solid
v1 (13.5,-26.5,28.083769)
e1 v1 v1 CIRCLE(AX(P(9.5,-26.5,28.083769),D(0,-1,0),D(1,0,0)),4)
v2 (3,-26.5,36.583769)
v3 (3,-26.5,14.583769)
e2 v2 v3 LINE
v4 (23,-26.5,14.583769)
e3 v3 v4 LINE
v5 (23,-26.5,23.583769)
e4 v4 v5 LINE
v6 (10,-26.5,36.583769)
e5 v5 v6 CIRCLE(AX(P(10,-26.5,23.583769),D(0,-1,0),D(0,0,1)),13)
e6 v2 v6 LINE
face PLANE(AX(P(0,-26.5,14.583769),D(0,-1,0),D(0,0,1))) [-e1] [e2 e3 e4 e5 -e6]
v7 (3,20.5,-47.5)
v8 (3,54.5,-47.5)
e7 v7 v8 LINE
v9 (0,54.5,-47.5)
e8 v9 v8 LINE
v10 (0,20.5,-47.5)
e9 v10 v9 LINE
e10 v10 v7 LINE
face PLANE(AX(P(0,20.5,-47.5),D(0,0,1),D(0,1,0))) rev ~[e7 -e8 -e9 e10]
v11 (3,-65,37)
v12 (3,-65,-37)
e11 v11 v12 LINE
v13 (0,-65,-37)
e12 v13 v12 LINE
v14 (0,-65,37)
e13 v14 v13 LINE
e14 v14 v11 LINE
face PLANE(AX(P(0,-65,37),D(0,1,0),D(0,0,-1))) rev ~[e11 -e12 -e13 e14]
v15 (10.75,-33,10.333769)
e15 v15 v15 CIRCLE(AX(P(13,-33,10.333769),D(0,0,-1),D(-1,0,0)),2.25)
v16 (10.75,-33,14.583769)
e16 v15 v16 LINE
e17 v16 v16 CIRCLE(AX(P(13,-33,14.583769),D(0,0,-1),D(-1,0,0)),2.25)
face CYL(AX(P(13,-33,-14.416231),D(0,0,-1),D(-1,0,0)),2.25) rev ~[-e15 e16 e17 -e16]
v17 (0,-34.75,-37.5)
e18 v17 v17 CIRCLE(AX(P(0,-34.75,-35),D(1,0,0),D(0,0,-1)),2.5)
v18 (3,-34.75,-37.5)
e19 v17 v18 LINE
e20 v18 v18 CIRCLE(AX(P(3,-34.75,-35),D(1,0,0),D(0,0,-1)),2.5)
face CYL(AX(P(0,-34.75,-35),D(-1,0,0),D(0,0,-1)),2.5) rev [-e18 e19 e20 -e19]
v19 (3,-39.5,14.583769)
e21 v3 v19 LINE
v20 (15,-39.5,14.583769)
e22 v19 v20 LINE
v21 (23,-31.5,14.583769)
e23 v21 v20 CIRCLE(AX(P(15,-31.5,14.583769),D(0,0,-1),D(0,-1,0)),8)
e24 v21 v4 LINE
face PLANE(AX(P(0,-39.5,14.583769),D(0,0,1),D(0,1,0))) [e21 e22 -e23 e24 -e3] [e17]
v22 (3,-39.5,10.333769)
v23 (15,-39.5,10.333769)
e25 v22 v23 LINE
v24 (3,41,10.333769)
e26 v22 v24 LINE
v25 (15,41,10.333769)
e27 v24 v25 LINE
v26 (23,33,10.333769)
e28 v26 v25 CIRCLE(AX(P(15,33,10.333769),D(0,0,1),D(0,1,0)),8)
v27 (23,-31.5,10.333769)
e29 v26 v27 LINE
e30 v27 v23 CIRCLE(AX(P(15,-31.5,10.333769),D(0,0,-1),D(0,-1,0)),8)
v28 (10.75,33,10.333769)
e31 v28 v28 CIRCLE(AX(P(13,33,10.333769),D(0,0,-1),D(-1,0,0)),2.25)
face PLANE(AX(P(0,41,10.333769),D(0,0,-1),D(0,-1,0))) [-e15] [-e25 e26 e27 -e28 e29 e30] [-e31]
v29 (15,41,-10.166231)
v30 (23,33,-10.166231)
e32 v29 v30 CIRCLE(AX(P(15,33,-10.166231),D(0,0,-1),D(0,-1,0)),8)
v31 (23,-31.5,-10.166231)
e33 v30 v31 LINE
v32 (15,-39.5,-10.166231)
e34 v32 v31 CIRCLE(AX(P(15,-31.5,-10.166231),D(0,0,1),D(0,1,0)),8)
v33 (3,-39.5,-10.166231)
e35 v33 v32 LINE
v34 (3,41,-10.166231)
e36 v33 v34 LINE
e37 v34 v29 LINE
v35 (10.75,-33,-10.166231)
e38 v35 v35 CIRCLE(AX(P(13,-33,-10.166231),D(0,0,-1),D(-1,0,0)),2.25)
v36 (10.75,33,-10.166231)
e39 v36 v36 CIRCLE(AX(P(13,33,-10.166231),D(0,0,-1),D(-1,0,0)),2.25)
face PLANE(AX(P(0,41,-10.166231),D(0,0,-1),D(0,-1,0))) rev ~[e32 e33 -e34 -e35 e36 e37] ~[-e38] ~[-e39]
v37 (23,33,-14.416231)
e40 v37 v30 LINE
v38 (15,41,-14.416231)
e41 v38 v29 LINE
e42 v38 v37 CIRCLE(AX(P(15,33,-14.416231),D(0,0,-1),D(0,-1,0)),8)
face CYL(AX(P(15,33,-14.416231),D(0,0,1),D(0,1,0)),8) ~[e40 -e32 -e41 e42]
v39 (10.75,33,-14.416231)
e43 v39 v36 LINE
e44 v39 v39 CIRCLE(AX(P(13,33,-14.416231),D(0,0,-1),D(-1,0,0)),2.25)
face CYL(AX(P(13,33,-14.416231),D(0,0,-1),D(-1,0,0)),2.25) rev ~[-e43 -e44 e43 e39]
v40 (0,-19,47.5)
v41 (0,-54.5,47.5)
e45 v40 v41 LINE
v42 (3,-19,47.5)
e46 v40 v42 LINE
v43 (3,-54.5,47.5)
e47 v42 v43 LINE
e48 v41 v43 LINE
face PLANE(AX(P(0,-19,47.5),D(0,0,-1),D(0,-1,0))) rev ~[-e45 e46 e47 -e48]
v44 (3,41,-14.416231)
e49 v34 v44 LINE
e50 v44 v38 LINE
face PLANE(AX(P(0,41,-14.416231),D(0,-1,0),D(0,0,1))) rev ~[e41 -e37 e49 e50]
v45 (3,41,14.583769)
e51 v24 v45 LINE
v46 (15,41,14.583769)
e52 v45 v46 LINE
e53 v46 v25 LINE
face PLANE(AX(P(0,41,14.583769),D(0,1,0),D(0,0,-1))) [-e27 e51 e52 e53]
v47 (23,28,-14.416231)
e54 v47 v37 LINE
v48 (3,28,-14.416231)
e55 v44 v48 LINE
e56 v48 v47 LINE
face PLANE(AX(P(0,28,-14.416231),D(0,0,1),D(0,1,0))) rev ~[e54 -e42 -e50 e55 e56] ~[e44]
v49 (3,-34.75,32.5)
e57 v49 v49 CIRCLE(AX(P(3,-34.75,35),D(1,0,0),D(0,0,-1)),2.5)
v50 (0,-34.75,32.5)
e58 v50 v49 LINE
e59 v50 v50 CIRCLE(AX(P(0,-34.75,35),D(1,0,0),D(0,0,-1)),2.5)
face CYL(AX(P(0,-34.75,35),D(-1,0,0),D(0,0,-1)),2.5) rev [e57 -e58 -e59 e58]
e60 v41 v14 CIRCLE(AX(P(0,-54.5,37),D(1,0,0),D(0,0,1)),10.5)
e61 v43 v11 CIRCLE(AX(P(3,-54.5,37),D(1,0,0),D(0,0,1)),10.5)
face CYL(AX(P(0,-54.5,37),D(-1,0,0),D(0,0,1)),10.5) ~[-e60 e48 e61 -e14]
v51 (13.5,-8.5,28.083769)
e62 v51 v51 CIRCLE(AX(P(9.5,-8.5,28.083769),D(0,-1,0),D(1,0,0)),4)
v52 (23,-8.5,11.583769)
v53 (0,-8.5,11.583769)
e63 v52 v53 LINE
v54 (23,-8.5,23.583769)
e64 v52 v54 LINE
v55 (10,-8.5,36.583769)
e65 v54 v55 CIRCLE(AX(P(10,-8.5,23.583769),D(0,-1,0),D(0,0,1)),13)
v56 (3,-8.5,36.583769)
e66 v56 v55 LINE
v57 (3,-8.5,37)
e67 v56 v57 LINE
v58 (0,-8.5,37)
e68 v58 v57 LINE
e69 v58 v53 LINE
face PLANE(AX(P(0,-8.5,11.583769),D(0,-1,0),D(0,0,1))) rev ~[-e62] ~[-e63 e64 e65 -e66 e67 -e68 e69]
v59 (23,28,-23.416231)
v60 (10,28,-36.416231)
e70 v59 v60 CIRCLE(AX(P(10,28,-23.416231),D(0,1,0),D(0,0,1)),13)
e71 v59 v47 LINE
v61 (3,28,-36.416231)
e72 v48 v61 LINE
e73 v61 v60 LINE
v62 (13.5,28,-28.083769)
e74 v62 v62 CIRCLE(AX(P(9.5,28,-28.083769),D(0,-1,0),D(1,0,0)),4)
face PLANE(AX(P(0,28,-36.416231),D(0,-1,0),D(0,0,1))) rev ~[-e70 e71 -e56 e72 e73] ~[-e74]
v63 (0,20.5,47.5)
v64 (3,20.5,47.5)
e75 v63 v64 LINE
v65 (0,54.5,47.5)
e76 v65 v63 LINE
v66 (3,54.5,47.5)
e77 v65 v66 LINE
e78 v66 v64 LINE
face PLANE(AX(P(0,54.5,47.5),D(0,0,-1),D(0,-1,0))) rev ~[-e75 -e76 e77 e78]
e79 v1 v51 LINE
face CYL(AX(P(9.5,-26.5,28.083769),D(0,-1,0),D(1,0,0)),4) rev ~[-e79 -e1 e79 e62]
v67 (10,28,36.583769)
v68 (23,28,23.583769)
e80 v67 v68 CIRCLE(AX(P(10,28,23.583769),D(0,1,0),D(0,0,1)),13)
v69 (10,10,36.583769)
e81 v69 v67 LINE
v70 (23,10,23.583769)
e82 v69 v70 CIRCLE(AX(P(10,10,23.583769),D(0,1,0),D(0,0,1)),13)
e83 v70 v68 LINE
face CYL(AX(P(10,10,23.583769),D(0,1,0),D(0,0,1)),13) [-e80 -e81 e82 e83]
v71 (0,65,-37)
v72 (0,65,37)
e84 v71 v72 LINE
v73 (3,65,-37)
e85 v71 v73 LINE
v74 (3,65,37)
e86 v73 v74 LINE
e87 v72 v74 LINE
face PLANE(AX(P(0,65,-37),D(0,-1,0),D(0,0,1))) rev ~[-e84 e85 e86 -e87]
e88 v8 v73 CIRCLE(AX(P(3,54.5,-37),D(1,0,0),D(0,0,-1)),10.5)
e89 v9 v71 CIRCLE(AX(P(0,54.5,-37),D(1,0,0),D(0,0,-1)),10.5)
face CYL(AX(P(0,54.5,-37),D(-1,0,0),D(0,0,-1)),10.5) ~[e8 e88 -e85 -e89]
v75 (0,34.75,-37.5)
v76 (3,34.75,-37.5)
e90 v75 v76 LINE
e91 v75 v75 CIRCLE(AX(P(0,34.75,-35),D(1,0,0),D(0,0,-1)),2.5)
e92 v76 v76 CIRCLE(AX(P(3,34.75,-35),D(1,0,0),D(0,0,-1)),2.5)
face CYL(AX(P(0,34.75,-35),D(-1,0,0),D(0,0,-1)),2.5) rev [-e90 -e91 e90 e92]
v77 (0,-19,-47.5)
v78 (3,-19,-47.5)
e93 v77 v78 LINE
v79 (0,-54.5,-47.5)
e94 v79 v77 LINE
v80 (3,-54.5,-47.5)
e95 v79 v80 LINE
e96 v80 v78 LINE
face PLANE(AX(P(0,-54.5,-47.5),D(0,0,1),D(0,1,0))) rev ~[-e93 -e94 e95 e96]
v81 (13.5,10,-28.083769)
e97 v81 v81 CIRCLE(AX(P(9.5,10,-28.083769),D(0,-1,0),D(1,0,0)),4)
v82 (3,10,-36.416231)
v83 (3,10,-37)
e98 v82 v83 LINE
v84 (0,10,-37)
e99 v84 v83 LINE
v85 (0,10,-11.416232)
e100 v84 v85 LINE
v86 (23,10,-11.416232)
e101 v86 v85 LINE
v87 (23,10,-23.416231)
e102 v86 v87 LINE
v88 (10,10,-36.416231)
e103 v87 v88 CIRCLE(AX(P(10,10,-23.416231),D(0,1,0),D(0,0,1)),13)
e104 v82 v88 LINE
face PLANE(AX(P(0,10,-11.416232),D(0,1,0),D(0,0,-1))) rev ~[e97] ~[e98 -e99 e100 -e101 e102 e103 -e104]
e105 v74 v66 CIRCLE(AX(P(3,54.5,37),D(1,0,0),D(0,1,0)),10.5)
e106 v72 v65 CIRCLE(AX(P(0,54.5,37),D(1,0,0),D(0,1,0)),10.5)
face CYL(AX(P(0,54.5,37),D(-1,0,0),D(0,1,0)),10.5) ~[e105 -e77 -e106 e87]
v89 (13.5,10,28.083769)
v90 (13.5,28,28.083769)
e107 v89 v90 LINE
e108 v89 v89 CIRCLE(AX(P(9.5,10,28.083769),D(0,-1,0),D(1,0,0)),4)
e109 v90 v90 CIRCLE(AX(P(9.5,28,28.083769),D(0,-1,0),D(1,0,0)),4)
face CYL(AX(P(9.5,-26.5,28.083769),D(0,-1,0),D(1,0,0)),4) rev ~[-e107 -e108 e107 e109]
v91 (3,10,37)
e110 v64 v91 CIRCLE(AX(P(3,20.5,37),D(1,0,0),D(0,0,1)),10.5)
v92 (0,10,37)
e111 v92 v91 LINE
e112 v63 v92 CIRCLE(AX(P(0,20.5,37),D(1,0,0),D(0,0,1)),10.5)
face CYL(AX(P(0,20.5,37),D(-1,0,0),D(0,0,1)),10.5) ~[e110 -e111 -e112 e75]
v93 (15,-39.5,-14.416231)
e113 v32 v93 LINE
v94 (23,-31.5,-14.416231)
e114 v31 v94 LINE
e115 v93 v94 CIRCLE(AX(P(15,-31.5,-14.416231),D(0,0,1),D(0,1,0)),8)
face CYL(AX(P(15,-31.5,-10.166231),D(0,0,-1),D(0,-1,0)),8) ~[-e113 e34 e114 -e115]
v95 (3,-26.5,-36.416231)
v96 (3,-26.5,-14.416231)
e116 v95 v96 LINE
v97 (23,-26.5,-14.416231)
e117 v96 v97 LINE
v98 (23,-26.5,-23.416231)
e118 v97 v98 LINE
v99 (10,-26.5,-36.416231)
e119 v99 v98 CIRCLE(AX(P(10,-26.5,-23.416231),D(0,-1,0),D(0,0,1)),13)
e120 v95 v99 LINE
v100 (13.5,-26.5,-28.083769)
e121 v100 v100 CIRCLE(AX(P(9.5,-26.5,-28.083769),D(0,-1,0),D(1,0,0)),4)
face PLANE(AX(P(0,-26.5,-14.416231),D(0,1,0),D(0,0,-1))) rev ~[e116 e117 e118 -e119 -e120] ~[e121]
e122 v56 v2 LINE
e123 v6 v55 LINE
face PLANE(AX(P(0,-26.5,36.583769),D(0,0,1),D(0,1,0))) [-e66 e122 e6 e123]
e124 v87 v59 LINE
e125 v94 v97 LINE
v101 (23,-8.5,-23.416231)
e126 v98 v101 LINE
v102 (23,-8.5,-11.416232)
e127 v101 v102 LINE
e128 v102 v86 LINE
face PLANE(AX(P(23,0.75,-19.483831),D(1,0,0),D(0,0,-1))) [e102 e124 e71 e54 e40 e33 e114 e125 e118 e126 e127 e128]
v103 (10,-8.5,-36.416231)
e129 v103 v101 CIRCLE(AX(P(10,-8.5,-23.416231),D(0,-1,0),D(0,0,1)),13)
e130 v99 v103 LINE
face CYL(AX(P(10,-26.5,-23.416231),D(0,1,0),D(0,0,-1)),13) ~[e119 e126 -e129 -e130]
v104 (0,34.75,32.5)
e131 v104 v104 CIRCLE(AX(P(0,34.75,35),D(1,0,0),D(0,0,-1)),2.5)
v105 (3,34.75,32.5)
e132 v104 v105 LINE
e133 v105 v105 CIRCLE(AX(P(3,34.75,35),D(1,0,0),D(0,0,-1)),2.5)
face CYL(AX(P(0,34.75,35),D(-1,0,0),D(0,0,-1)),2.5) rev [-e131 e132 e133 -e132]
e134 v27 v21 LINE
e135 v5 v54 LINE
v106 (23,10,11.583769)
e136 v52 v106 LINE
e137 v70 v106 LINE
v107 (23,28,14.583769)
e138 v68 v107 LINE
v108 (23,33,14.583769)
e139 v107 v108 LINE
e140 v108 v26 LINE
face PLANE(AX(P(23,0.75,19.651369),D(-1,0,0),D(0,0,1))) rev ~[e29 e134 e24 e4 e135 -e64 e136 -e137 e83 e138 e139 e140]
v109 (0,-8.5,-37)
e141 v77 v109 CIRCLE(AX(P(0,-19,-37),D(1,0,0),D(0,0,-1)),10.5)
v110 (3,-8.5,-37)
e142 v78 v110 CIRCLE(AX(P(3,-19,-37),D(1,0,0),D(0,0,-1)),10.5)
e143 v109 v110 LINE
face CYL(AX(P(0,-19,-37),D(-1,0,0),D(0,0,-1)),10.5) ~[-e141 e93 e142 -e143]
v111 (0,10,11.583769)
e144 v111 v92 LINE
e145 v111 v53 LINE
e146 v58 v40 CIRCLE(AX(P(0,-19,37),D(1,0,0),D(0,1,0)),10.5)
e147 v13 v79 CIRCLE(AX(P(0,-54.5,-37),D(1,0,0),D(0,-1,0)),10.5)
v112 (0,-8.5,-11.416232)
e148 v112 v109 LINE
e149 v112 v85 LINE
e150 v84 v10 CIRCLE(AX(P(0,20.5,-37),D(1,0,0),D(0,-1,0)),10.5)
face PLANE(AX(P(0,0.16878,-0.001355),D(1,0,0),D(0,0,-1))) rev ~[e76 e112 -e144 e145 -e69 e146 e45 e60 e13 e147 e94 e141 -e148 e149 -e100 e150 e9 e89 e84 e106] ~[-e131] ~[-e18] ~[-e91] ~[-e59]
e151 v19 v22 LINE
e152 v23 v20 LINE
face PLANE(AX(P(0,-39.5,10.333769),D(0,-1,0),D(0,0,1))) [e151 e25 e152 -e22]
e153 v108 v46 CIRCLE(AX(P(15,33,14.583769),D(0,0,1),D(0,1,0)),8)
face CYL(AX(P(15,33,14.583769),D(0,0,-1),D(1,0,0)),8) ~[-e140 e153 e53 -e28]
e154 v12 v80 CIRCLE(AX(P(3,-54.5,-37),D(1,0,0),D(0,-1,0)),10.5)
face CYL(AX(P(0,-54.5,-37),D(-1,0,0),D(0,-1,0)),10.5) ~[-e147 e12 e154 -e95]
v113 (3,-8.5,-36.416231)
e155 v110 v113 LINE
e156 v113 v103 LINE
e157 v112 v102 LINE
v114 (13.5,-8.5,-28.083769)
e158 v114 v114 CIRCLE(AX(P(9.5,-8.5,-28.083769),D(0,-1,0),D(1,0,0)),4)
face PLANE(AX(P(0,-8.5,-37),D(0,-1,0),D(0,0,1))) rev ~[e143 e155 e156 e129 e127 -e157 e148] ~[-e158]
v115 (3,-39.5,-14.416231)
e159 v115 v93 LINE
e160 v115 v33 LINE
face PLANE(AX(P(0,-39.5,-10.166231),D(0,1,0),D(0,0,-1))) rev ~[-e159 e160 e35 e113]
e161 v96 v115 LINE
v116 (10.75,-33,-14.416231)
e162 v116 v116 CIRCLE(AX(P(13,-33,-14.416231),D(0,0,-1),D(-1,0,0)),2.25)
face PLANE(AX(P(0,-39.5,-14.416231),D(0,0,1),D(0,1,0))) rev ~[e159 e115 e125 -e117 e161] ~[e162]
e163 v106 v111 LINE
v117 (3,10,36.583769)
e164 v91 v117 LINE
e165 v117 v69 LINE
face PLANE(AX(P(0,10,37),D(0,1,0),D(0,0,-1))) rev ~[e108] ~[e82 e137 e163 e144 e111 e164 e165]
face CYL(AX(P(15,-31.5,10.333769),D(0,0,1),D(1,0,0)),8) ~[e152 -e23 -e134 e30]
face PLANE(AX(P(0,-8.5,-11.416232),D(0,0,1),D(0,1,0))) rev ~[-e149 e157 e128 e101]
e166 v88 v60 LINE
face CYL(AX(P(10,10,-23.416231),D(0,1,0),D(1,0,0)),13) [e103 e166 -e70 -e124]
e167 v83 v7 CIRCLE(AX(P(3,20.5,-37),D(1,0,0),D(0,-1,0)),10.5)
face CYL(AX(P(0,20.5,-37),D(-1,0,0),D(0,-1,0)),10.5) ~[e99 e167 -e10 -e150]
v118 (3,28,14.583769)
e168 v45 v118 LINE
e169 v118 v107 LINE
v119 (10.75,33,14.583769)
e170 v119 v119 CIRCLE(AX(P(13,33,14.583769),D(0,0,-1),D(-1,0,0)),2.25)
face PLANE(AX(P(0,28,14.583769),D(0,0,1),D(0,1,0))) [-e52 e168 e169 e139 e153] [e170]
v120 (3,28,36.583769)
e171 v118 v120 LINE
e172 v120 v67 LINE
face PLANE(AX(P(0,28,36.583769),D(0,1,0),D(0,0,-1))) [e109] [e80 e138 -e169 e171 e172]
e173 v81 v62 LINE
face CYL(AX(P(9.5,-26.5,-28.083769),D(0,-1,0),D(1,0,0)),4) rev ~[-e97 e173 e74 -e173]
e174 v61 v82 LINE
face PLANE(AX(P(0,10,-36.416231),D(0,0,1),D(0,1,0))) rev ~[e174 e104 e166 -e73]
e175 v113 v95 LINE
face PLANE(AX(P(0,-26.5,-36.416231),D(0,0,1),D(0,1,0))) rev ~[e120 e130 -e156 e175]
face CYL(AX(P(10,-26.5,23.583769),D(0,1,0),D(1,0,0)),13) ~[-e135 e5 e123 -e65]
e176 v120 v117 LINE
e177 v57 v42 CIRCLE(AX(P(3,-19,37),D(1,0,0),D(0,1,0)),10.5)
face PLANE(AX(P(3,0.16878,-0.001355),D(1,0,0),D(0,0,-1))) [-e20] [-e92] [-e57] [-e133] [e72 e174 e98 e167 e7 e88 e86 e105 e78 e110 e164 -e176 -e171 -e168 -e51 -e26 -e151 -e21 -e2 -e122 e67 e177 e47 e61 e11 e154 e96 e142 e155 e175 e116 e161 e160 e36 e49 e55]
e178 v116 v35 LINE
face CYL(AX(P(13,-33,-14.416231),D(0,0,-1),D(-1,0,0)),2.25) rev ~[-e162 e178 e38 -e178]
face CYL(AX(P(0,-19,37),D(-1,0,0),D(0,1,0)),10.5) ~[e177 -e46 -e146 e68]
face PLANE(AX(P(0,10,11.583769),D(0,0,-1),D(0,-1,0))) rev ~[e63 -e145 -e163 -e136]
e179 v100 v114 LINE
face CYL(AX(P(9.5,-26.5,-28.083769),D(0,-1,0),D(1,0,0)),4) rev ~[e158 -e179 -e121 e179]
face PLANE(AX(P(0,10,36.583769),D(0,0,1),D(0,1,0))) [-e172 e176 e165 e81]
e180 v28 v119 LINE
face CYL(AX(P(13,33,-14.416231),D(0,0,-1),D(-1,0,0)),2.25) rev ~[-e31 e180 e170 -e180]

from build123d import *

# Parameters (mm, degrees)
SKETCH1_R               = 2.5
BOSS_EXTRUDE1_DEPTH     = 3
BOSS_EXTRUDE2_DEPTH     = 23
FILLET1_R               = 13
FILLET2_R               = 8
CUT_EXTRUDE1_DEPTH      = 106.629068292
CUT_EXTRUDE1_DEPTH_BACK = 106.629068292
SKETCH2_R               = 4
CUT_EXTRUDE2_DEPTH      = 93.669410672
CUT_EXTRUDE2_DEPTH_BACK = 93.669410672
SKETCH3_R               = 2.25


with BuildPart() as part:
    # Sketch1 → Boss-Extrude1 (new body)
    with BuildSketch(Plane(origin=(0, 0, 0), x_dir=(0, 0, -1), z_dir=(1, 0, 0))):
        with BuildLine():
            ThreePointArc((47.5, 54.5), (44.424621202, 61.924621202), (37, 65))
            Line((37, 65), (-37, 65))
            ThreePointArc((-37, 65), (-44.424621202, 61.924621202), (-47.5, 54.5))
            Line((-47.5, 54.5), (-47.5, 20.500000268))
            ThreePointArc((-47.5, 20.500000268), (-44.424621202, 13.075379066), (-37, 10.000000268))
            Line((-37, 10.000000268), (-11.583769402, 10.000000268))
            Line((-11.583769402, 10.000000268), (-11.583769402, -8.500000373))
            Line((-11.583769402, -8.500000373), (-37, -8.500000373))
            ThreePointArc((-37, -8.500000373), (-44.424621202, -11.57537917), (-47.5, -19.000000373))
            Line((-47.5, -19.000000373), (-47.5, -54.5))
            ThreePointArc((-47.5, -54.5), (-44.424621202, -61.924621202), (-37, -65))
            Line((-37, -65), (37, -65))
            ThreePointArc((37, -65), (44.424621202, -61.924621202), (47.5, -54.5))
            Line((47.5, -54.5), (47.5, -19.000000373))
            ThreePointArc((47.5, -19.000000373), (44.424621202, -11.57537917), (37, -8.500000373))
            Line((37, -8.500000373), (11.416231668, -8.500000373))
            Line((11.416231668, -8.500000373), (11.416231668, 10.000000268))
            Line((11.416231668, 10.000000268), (37, 10.000000268))
            ThreePointArc((37, 10.000000268), (44.424621202, 13.075379066), (47.5, 20.500000268))
            Line((47.5, 20.500000268), (47.5, 54.5))
        make_face()
        with Locations((-35, -34.75)):
            Circle(SKETCH1_R, mode=Mode.SUBTRACT)
        with Locations((35, -34.75)):
            Circle(SKETCH1_R, mode=Mode.SUBTRACT)
        with Locations((-35, 34.75)):
            Circle(SKETCH1_R, mode=Mode.SUBTRACT)
        with Locations((35, 34.75)):
            Circle(SKETCH1_R, mode=Mode.SUBTRACT)
    extrude(amount=BOSS_EXTRUDE1_DEPTH)

    # Sketch1<3> → Boss-Extrude2 (add)
    with BuildSketch(Plane(origin=(0, 0, 0), x_dir=(0, 0, -1), z_dir=(1, 0, 0))):
        Polygon((11.416231668, 10.000000268), (36.416231105, 10.000000268), (36.416231105, 28.000000268), (14.416231105, 28.000000268), (14.416231105, 41.000000268), (10.166231386, 41.000000268), (10.166231386, -39.500000373), (14.416231105, -39.500000373), (14.416231105, -26.500000373), (36.416231105, -26.500000373), (36.416231105, -8.500000373), (11.416231668, -8.500000373), align=None)
        Polygon((-36.583768839, 28.000000268), (-36.583768839, 10.000000268), (-11.583769402, 10.000000268), (-11.583769402, -8.500000373), (-36.583768839, -8.500000373), (-36.583768839, -26.500000373), (-14.583768839, -26.500000373), (-14.583768839, -39.500000373), (-10.33376912, -39.500000373), (-10.33376912, 41.000000268), (-14.583768839, 41.000000268), (-14.583768839, 28.000000268), align=None)
    extrude(amount=BOSS_EXTRUDE2_DEPTH)

    # Fillet1
    fillet1_edges = [part.edges().sort_by_distance(p)[0] for p in [
        (23, 19.000000268, -36.416231105),
        (23, -17.500000373, -36.416231105),
        (23, -17.500000373, 36.583768839),
        (23, 19.000000268, 36.583768839),
    ]]
    fillet(fillet1_edges, radius=FILLET1_R)

    # Fillet2
    fillet2_edges = [part.edges().sort_by_distance(p)[0] for p in [
        (23, 41.000000268, 12.45876898),
        (23, 41.000000268, -12.291231246),
        (23, -39.500000373, -12.291231246),
        (23, -39.500000373, 12.45876898),
    ]]
    fillet(fillet2_edges, radius=FILLET2_R)

    # Sketch2 → Cut-Extrude1 (cut, two sides: drawn at the far end of the back side and taken through both)
    with BuildSketch(Plane.XZ.offset(26.500000373).offset(-CUT_EXTRUDE1_DEPTH_BACK)):
        with Locations((9.5, 28.083768839)):
            Circle(SKETCH2_R)
        with Locations((9.5, -28.083768839)):
            Circle(SKETCH2_R)
    extrude(amount=CUT_EXTRUDE1_DEPTH + CUT_EXTRUDE1_DEPTH_BACK, mode=Mode.SUBTRACT)

    # Sketch3 → Cut-Extrude2 (cut, two sides: drawn at the far end of the back side and taken through both)
    with BuildSketch(Plane(origin=(0, 0, -14.416231105), x_dir=(-1, 0, 0), z_dir=(0, 0, -1)).offset(-CUT_EXTRUDE2_DEPTH_BACK)):
        with Locations((-13, -33.000000373)):
            Circle(SKETCH3_R)
        with Locations((-13, 33.000000373)):
            Circle(SKETCH3_R)
    extrude(amount=CUT_EXTRUDE2_DEPTH + CUT_EXTRUDE2_DEPTH_BACK, mode=Mode.SUBTRACT)


solid = part.part
